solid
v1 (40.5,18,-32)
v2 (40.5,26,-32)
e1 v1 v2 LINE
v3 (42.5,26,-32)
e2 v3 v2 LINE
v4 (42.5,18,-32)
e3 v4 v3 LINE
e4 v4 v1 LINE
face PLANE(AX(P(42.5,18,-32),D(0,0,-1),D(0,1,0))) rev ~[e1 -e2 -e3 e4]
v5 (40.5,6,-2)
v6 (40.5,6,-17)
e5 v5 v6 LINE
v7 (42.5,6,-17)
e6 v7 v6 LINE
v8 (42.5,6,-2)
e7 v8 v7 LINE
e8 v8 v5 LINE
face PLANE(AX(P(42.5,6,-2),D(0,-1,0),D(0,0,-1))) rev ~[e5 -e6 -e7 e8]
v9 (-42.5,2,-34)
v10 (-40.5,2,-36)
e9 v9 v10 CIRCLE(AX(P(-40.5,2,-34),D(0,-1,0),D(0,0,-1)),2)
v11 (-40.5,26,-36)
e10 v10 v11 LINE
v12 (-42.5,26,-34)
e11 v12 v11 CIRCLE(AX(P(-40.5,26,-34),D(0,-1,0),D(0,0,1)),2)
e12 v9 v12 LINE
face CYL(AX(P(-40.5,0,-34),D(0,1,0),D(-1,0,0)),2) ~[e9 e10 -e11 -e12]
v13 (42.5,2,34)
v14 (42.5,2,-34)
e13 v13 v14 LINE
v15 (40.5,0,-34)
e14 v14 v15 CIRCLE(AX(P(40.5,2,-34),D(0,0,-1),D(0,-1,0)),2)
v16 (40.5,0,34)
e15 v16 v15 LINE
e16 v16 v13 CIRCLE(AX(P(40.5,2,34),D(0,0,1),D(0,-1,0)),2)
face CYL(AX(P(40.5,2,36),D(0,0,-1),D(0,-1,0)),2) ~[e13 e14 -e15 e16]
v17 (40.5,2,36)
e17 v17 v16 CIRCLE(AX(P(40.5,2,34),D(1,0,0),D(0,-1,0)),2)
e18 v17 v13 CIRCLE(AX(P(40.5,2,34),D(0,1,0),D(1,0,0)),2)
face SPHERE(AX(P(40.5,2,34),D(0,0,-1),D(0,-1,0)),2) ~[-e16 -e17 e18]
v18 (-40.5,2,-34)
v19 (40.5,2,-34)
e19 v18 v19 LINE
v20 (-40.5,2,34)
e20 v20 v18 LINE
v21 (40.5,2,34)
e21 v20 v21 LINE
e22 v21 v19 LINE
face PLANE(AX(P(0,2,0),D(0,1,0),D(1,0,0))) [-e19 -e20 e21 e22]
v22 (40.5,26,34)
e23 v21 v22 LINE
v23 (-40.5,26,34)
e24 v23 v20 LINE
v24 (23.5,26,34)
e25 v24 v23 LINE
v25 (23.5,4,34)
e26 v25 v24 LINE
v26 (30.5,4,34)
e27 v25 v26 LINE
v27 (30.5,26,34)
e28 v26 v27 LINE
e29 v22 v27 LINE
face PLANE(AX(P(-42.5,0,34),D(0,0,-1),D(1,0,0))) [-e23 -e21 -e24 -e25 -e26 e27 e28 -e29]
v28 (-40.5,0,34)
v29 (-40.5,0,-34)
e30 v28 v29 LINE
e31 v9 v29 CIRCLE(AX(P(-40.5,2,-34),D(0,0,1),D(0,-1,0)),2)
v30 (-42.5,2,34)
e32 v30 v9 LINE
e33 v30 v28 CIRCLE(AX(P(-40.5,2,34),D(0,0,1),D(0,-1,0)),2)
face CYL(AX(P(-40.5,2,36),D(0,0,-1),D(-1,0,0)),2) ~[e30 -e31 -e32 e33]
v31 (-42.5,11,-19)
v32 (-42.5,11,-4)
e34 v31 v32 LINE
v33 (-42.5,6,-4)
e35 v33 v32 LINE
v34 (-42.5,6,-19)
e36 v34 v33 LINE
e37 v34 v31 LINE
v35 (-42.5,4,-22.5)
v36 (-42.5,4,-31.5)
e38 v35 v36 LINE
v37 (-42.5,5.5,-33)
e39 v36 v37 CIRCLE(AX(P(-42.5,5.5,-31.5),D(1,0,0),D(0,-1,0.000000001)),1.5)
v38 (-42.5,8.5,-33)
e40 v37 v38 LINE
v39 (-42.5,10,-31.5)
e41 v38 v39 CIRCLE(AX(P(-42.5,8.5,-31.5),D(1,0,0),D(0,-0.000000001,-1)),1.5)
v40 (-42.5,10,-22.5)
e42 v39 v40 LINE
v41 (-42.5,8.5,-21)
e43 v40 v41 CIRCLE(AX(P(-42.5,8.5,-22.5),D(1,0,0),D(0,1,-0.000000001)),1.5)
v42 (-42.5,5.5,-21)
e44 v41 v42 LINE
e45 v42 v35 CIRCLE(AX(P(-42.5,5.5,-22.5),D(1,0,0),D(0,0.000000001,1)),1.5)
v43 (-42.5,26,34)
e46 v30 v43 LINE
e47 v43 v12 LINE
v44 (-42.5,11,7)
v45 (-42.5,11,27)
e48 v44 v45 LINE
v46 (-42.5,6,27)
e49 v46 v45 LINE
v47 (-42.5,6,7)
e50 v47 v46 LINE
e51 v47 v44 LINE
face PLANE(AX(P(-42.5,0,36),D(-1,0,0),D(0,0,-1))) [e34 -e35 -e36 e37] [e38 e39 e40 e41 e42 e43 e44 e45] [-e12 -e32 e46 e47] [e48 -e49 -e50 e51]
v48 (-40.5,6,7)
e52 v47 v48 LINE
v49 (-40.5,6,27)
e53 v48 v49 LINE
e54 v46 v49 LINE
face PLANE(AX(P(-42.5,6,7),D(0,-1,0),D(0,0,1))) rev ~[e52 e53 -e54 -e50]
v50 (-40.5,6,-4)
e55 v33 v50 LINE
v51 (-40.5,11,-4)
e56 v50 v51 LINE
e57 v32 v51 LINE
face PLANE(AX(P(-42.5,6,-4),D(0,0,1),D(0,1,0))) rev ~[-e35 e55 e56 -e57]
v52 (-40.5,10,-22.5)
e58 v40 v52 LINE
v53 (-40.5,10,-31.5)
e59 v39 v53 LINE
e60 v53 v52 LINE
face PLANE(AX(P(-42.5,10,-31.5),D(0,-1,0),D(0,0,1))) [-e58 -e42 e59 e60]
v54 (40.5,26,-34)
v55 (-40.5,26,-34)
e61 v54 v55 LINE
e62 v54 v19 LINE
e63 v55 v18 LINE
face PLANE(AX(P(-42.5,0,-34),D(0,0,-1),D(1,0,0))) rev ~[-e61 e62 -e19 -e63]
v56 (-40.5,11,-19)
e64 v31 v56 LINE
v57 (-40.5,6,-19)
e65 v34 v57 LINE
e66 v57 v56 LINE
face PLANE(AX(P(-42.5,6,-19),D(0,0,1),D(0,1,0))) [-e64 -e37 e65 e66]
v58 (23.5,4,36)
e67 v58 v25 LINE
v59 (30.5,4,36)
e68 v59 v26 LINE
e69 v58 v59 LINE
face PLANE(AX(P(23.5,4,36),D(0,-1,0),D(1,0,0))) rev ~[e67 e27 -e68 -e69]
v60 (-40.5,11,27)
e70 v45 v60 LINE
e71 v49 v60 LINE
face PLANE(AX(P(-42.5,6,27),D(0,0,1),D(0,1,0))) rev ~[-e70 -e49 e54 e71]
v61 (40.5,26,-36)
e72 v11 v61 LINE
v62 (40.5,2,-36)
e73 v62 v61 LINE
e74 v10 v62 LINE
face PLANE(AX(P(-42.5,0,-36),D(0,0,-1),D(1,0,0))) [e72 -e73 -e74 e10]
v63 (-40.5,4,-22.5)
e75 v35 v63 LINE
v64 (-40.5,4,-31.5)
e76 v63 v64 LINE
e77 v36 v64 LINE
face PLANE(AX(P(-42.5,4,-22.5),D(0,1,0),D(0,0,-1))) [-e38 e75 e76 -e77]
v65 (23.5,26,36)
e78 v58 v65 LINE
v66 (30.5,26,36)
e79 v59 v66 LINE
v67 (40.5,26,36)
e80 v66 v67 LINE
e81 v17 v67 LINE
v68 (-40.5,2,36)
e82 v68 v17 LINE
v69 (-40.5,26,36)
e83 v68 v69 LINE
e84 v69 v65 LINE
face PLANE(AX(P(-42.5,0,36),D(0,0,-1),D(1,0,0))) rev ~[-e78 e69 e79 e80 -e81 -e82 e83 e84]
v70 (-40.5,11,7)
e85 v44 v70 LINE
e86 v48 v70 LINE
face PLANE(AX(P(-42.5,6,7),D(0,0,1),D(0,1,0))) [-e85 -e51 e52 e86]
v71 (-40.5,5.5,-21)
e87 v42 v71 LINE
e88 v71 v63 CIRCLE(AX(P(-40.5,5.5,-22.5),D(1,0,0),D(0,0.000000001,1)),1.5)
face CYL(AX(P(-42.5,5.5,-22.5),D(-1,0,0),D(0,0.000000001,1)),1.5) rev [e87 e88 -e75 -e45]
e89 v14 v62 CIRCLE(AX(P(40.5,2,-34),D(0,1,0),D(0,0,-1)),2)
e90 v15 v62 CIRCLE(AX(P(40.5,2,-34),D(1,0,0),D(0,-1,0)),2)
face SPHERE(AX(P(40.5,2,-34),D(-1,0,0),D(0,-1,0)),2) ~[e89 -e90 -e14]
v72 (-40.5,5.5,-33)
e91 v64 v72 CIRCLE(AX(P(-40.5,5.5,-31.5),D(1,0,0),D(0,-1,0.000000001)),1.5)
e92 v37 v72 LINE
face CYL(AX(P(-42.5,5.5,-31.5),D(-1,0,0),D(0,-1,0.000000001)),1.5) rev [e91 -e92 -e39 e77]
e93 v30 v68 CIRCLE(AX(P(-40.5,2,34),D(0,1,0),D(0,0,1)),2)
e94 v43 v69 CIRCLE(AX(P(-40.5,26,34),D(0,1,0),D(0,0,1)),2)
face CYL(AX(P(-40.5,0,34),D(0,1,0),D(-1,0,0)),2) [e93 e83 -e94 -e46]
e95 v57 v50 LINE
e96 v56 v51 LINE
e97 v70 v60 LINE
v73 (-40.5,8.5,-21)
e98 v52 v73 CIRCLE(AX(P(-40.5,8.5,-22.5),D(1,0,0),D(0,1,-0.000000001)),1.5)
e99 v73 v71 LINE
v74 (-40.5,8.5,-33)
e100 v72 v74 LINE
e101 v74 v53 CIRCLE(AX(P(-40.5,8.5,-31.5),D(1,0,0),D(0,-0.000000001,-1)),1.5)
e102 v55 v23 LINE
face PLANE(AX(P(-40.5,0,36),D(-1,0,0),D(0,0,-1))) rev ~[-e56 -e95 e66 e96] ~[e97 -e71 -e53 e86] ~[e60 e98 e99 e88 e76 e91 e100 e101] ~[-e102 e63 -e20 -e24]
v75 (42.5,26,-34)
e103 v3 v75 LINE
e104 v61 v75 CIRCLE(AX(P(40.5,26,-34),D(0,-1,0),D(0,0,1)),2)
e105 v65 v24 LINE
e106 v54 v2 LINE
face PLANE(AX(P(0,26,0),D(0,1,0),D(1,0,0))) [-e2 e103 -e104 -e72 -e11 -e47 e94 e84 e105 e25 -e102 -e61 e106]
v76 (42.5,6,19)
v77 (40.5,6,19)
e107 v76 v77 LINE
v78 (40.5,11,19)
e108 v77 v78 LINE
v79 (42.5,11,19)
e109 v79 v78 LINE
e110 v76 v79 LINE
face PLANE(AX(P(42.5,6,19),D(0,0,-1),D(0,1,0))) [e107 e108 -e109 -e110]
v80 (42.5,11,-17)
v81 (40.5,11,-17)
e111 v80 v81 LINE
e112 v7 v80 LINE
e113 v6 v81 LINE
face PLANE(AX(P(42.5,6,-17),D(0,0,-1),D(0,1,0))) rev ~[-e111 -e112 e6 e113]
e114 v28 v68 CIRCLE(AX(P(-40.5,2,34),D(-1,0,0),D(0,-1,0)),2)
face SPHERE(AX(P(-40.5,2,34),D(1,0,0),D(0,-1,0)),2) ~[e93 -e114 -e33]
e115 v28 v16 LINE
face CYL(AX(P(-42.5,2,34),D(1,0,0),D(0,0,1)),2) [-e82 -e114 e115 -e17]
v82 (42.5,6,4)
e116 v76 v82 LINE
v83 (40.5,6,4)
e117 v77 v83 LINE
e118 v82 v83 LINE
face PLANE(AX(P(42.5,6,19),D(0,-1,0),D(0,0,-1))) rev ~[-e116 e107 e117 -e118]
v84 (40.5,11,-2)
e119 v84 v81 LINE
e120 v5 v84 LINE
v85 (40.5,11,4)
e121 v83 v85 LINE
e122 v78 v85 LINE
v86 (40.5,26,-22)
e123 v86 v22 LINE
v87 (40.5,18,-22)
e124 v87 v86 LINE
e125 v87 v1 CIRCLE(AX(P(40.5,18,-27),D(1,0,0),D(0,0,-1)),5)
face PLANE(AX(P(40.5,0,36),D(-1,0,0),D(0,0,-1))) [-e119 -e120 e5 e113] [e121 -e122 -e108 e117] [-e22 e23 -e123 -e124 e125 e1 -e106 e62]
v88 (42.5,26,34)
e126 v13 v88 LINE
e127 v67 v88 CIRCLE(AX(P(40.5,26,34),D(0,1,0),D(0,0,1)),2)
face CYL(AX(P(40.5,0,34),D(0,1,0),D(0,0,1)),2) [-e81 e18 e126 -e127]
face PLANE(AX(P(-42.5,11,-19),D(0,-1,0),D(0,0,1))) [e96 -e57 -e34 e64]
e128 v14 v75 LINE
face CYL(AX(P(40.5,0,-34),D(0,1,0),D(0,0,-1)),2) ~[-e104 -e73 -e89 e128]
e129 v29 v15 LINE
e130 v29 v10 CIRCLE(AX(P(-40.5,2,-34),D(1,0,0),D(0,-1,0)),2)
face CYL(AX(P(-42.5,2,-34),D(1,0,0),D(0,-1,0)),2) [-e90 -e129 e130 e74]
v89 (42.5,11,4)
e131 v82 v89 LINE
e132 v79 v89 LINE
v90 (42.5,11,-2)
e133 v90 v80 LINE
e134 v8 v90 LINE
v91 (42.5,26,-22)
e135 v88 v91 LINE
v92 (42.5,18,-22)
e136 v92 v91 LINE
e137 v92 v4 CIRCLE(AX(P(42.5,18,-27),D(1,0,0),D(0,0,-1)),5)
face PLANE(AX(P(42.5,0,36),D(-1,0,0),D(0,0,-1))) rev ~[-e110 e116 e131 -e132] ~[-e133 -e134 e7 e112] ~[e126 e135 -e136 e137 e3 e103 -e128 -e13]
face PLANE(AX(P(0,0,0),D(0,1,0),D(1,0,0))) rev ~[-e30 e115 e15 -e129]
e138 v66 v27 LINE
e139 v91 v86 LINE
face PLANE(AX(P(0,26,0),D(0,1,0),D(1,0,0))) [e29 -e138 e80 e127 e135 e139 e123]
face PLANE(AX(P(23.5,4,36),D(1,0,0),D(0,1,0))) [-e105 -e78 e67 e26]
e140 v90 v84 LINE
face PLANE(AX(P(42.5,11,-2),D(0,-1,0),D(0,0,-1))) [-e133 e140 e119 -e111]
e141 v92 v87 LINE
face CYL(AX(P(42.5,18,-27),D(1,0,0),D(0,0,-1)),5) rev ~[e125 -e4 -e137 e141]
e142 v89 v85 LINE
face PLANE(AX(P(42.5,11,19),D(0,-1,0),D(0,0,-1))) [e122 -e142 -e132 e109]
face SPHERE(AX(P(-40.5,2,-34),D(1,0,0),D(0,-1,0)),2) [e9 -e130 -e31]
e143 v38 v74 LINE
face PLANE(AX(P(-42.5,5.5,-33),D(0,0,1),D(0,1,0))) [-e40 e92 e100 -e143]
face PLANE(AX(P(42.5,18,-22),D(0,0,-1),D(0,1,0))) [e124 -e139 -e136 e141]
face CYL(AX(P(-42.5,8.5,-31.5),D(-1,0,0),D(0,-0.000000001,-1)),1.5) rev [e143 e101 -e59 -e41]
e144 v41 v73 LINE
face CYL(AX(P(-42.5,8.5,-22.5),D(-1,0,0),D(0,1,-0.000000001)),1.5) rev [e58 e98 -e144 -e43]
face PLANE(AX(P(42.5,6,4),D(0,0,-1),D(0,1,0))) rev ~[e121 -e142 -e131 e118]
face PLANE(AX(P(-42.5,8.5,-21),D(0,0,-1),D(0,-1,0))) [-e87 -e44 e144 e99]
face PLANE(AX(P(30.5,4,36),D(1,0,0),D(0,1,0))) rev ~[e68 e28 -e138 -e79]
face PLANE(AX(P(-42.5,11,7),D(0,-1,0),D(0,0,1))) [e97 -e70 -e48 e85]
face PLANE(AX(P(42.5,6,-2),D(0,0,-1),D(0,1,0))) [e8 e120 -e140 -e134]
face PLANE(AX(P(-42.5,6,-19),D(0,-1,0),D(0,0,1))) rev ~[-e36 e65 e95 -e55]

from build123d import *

# Parameters (mm, degrees)
ESQUISSE1_W             = 85
ESQUISSE1_H             = 72
BOSS_EXTRU_1_DEPTH      = 26
COQUE1_T                = -2
ESQUISSE2_R             = 5
ESQUISSE2_W             = 10
ESQUISSE2_H             = 8
ENL_V_MAT_EXTRU_1_DEPTH = 2
ESQUISSE3_W             = 15
ESQUISSE3_H             = 5
ENL_V_MAT_EXTRU_2_DEPTH = 2
ESQUISSE4_W             = 7
ESQUISSE4_H             = 22
ENL_V_MAT_EXTRU_3_DEPTH = 2
ESQUISSE5_W             = 20
ESQUISSE5_H             = 5
ENL_V_MAT_EXTRU_4_DEPTH = 2
ESQUISSE6_W             = 15
ESQUISSE6_H             = 5
ENL_V_MAT_EXTRU_5_DEPTH = 2
ENL_V_MAT_EXTRU_7_DEPTH = 2
CONG_1_R                = 2


with BuildPart() as part:
    # Esquisse1 → Boss.-Extru.1 (new body)
    with BuildSketch(Plane(origin=(0, 0, 0), x_dir=(1, 0, 0), z_dir=(0, 1, 0))):
        Rectangle(ESQUISSE1_W, ESQUISSE1_H)
    extrude(amount=BOSS_EXTRU_1_DEPTH)

    # Coque1
    coque1_openings = [part.faces().sort_by_distance(p)[0] for p in [
        (0, 26, 0),
    ]]
    offset(amount=COQUE1_T, openings=coque1_openings, kind=Kind.INTERSECTION)

    # Esquisse2 → Enlèv. mat.-Extru.1 (cut)
    with BuildSketch(Plane(origin=(42.5, 0, 0), x_dir=(0, 0, -1), z_dir=(1, 0, 0))):
        with Locations((27, 18)):
            Circle(ESQUISSE2_R)
        with Locations((27, 22)):
            Rectangle(ESQUISSE2_W, ESQUISSE2_H)
    extrude(amount=-ENL_V_MAT_EXTRU_1_DEPTH, mode=Mode.SUBTRACT)

    # Esquisse3 → Enlèv. mat.-Extru.2 (cut)
    with BuildSketch(Plane(origin=(42.5, 0, 0), x_dir=(0, 0, -1), z_dir=(1, 0, 0))):
        with Locations((9.5, 8.5)):
            Rectangle(ESQUISSE3_W, ESQUISSE3_H)
        with Locations((-11.5, 8.5)):
            Rectangle(ESQUISSE3_W, ESQUISSE3_H)
    extrude(amount=-ENL_V_MAT_EXTRU_2_DEPTH, mode=Mode.SUBTRACT)

    # Esquisse4 → Enlèv. mat.-Extru.3 (cut)
    with BuildSketch(Plane.XY.offset(36)):
        with Locations((27, 15)):
            Rectangle(ESQUISSE4_W, ESQUISSE4_H)
    extrude(amount=-ENL_V_MAT_EXTRU_3_DEPTH, mode=Mode.SUBTRACT)

    # Esquisse5 → Enlèv. mat.-Extru.4 (cut)
    with BuildSketch(Plane.ZY.offset(42.5)):
        with Locations((17, 8.5)):
            Rectangle(ESQUISSE5_W, ESQUISSE5_H)
    extrude(amount=-ENL_V_MAT_EXTRU_4_DEPTH, mode=Mode.SUBTRACT)

    # Esquisse6 → Enlèv. mat.-Extru.5 (cut)
    with BuildSketch(Plane.ZY.offset(42.5)):
        with Locations((-11.5, 8.5)):
            Rectangle(ESQUISSE6_W, ESQUISSE6_H)
    extrude(amount=-ENL_V_MAT_EXTRU_5_DEPTH, mode=Mode.SUBTRACT)

    # Esquisse8 → Enlèv. mat.-Extru.7 (cut)
    with BuildSketch(Plane.ZY.offset(42.5)):
        with BuildLine():
            Line((-31.5, 10), (-22.5, 10))
            ThreePointArc((-22.5, 10), (-21.439339828, 9.560660172), (-21, 8.5))
            Line((-21, 8.5), (-21, 5.5))
            ThreePointArc((-21, 5.5), (-21.439339828, 4.439339828), (-22.5, 4))
            Line((-22.5, 4), (-31.5, 4))
            ThreePointArc((-31.5, 4), (-32.560660172, 4.439339828), (-33, 5.5))
            Line((-33, 5.5), (-33, 8.5))
            ThreePointArc((-33, 8.5), (-32.560660172, 9.560660172), (-31.5, 10))
        make_face()
    extrude(amount=-ENL_V_MAT_EXTRU_7_DEPTH, mode=Mode.SUBTRACT)

    # Congé1
    cong_1_edges = [part.edges().sort_by_distance(p)[0] for p in [
        (0, 0, -36),
        (42.5, 0, 0),
        (0, 0, 36),
        (-42.5, 0, 0),
        (-42.5, 13, -36),
        (42.5, 13, -36),
        (42.5, 13, 36),
        (-42.5, 13, 36),
    ]]
    fillet(cong_1_edges, radius=CONG_1_R)


solid = part.part
